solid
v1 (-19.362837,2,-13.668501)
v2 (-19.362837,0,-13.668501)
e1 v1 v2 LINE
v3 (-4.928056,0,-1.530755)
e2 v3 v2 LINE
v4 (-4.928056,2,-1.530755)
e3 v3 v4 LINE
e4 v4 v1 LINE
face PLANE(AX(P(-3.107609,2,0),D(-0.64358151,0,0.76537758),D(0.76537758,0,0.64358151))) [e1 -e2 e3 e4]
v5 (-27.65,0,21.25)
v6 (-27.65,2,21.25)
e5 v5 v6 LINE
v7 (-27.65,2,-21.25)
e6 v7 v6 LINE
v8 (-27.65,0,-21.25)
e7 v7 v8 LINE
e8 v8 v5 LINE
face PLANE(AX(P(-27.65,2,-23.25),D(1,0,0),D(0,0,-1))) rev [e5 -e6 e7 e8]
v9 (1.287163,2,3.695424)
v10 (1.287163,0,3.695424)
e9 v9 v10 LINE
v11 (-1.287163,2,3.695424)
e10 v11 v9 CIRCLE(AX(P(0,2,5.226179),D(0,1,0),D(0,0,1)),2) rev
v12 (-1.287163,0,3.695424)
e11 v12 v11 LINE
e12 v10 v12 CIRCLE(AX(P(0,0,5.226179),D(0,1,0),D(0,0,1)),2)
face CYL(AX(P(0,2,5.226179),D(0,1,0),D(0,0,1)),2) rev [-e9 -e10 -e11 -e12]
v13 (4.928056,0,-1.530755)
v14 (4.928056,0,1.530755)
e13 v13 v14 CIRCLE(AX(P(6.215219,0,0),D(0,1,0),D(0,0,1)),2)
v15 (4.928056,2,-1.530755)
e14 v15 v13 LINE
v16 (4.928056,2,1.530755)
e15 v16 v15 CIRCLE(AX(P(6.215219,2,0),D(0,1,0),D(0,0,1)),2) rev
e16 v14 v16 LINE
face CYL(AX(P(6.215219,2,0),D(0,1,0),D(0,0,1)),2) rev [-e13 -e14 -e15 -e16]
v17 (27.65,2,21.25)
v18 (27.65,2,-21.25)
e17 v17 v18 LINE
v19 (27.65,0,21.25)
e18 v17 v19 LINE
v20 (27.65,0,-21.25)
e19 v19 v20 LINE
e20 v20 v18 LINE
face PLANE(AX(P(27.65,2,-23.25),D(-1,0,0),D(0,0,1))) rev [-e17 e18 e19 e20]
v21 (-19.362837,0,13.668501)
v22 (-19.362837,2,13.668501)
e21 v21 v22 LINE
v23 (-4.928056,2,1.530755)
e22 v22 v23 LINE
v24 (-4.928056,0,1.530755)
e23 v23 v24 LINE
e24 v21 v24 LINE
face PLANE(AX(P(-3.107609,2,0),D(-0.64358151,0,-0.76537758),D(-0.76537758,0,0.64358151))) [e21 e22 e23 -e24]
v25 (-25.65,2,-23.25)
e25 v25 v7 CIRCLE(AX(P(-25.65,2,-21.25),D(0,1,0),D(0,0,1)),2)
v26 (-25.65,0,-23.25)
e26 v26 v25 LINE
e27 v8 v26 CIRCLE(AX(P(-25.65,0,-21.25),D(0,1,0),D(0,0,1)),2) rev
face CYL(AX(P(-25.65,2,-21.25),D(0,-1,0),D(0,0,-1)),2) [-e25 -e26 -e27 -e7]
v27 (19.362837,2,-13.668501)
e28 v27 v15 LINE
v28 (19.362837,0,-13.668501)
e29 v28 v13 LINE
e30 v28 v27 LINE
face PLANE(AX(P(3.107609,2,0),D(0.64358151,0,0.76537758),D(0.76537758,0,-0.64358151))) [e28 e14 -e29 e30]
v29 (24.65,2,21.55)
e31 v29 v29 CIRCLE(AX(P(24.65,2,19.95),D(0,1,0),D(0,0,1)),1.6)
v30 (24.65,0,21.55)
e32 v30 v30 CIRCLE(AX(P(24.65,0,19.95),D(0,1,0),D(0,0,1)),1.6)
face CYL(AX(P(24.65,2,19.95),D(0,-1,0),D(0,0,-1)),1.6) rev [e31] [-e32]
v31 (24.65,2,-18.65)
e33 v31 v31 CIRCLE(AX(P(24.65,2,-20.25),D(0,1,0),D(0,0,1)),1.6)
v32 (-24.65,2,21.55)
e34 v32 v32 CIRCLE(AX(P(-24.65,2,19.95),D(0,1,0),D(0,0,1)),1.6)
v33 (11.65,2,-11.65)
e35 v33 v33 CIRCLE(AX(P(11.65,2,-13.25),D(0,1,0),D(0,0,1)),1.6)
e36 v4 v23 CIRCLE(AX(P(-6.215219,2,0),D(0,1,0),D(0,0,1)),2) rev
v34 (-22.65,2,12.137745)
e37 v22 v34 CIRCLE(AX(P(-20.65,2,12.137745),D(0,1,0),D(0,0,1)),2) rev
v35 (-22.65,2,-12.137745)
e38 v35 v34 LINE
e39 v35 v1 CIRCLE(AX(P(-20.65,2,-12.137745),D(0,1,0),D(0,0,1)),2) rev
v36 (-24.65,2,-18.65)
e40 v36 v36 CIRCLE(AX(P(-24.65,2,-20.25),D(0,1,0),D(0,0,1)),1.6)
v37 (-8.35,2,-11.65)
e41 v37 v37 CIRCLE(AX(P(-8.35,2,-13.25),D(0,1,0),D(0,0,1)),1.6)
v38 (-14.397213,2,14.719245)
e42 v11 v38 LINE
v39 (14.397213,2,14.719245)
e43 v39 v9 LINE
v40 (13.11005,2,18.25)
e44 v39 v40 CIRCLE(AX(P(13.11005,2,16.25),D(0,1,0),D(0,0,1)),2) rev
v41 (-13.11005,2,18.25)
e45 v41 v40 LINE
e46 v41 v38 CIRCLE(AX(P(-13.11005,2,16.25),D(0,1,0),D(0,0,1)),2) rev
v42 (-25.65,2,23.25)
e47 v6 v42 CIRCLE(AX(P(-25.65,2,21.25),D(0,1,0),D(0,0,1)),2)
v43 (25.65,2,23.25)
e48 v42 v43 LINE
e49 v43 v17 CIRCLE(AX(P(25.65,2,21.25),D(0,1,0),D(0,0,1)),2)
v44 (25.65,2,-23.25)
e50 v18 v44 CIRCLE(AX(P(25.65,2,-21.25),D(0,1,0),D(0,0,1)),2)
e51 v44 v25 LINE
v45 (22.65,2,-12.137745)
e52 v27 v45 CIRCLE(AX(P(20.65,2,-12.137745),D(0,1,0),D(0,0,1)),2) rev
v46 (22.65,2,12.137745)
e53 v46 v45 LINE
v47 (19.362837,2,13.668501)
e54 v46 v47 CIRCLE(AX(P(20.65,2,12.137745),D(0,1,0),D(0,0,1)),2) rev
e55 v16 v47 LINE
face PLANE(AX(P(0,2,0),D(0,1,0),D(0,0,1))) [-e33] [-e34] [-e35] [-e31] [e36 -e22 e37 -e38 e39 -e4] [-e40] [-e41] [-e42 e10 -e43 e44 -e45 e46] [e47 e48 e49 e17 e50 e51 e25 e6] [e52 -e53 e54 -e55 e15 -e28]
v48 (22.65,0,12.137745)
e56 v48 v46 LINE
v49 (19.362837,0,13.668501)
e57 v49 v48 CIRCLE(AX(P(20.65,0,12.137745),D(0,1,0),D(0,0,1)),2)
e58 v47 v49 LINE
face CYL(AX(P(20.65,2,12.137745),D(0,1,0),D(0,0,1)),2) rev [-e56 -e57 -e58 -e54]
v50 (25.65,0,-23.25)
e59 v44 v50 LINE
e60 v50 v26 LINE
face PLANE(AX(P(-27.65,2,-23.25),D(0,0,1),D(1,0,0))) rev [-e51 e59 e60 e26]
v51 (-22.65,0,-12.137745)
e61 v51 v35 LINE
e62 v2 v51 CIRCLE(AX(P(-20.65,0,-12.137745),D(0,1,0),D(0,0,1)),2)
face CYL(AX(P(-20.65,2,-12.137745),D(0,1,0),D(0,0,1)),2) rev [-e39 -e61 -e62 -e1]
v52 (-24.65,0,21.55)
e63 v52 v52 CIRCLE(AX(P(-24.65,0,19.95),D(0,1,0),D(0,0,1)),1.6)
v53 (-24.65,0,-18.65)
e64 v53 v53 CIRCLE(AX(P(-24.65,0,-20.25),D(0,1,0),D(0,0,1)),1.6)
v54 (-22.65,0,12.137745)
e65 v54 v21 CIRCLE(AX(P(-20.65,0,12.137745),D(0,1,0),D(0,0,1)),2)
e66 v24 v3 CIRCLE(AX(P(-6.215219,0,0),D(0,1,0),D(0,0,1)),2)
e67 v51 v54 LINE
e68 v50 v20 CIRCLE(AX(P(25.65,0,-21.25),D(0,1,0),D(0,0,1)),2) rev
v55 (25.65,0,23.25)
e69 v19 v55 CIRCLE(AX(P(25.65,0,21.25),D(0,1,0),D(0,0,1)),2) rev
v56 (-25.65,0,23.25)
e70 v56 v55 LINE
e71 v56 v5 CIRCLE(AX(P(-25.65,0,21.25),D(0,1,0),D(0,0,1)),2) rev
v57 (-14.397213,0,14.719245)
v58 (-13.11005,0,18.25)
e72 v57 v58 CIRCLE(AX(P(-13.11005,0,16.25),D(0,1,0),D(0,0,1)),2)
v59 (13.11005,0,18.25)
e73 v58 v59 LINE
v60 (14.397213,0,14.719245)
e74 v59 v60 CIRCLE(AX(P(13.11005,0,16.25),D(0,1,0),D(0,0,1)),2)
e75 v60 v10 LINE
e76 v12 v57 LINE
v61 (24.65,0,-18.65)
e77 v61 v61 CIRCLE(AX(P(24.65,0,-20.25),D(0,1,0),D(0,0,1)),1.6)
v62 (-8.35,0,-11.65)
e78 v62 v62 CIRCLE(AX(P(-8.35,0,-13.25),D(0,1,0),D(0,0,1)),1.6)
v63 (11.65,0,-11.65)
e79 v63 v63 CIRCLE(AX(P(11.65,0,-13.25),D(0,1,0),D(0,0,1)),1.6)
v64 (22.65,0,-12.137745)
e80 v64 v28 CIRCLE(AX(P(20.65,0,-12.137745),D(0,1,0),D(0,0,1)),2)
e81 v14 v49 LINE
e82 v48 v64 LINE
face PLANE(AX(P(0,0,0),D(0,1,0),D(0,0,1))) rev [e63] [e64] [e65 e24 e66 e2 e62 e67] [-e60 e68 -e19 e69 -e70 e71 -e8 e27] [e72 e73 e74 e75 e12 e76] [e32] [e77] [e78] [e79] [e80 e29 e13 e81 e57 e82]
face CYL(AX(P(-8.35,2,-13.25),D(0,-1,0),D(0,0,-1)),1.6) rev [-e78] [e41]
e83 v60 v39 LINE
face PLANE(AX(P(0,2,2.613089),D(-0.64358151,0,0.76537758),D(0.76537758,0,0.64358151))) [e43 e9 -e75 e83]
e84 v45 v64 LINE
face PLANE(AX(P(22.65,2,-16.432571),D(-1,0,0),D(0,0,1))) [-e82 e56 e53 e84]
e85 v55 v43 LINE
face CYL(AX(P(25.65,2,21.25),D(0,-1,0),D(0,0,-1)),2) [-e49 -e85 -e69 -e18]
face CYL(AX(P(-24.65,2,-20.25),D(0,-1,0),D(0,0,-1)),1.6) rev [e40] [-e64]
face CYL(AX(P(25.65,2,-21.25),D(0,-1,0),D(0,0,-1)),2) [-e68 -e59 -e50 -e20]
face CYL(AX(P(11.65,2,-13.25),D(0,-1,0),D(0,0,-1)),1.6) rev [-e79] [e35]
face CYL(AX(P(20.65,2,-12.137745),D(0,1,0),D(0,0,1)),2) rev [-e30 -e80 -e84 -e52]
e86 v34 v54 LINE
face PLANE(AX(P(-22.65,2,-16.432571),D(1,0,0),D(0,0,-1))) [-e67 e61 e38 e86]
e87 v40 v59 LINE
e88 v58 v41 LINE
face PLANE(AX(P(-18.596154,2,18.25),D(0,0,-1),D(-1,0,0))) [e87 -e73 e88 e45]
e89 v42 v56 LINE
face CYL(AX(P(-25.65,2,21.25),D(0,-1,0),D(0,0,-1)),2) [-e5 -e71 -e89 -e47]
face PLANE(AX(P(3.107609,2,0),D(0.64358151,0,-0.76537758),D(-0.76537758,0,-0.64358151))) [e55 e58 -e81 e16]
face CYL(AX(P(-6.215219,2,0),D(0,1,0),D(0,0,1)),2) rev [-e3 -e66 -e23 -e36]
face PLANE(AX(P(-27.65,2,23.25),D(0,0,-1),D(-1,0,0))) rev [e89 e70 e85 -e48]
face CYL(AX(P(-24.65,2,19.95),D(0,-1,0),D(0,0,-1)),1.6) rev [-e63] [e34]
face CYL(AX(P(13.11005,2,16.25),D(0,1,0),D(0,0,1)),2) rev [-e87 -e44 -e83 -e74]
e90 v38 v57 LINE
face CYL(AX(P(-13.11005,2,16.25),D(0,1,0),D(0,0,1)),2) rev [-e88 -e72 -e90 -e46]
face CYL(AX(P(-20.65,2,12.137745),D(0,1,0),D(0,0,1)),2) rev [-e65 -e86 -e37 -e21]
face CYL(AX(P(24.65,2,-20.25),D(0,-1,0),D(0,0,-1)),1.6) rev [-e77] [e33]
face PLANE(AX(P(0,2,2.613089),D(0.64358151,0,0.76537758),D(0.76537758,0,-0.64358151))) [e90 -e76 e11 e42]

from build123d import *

# Parameters (mm, degrees)
SKETCH_1_W      = 55.3
SKETCH_1_H      = 46.5
SKETCH_1_R      = 1.6
EXTRUDE_1_DEPTH = 2
FILLET_1_R      = 2


with BuildPart() as part:
    # 草图1 → 凸台-拉伸1 (new body)
    with BuildSketch(Plane(origin=(0, 0, 0), x_dir=(1, 0, 0), z_dir=(0, 1, 0))):
        Rectangle(SKETCH_1_W, SKETCH_1_H)
        with Locations(Location((11.65, 13.25, 0), (0, 0, 270))):
            Circle(SKETCH_1_R, mode=Mode.SUBTRACT)
        with Locations(Location((-8.35, 13.25, 0), (0, 0, 270))):
            Circle(SKETCH_1_R, mode=Mode.SUBTRACT)
        with Locations(Location((24.65, 20.25, 0), (0, 0, 270))):
            Circle(SKETCH_1_R, mode=Mode.SUBTRACT)
        with Locations(Location((-24.65, 20.25, 0), (0, 0, 270))):
            Circle(SKETCH_1_R, mode=Mode.SUBTRACT)
        with Locations(Location((-24.65, -19.95, 0), (0, 0, 270))):
            Circle(SKETCH_1_R, mode=Mode.SUBTRACT)
        with Locations(Location((24.65, -19.95, 0), (0, 0, 270))):
            Circle(SKETCH_1_R, mode=Mode.SUBTRACT)
        Polygon((-3.107609479, 0), (-22.65, 16.432570691), (-22.65, -16.432570691), align=None, mode=Mode.SUBTRACT)
        Polygon((0, -2.613089345), (-18.596153962, -18.25), (18.596153962, -18.25), align=None, mode=Mode.SUBTRACT)
        Polygon((3.107609479, 0), (22.65, 16.432570691), (22.65, -16.432570691), align=None, mode=Mode.SUBTRACT)
    extrude(amount=EXTRUDE_1_DEPTH)

    # 圆角1
    fillet_1_edges = [part.edges().sort_by_distance(p)[0] for p in [
        (-22.65, 1, 16.432570691),
        (-3.107609479, 1, 0),
        (-22.65, 1, -16.432570691),
        (18.596153962, 1, 18.25),
        (0, 1, 2.613089345),
        (-18.596153962, 1, 18.25),
        (3.107609479, 1, 0),
        (22.65, 1, 16.432570691),
        (22.65, 1, -16.432570691),
        (27.65, 1, 23.25),
        (-27.65, 1, 23.25),
        (-27.65, 1, -23.25),
        (27.65, 1, -23.25),
    ]]
    fillet(fillet_1_edges, radius=FILLET_1_R)


solid = part.part
